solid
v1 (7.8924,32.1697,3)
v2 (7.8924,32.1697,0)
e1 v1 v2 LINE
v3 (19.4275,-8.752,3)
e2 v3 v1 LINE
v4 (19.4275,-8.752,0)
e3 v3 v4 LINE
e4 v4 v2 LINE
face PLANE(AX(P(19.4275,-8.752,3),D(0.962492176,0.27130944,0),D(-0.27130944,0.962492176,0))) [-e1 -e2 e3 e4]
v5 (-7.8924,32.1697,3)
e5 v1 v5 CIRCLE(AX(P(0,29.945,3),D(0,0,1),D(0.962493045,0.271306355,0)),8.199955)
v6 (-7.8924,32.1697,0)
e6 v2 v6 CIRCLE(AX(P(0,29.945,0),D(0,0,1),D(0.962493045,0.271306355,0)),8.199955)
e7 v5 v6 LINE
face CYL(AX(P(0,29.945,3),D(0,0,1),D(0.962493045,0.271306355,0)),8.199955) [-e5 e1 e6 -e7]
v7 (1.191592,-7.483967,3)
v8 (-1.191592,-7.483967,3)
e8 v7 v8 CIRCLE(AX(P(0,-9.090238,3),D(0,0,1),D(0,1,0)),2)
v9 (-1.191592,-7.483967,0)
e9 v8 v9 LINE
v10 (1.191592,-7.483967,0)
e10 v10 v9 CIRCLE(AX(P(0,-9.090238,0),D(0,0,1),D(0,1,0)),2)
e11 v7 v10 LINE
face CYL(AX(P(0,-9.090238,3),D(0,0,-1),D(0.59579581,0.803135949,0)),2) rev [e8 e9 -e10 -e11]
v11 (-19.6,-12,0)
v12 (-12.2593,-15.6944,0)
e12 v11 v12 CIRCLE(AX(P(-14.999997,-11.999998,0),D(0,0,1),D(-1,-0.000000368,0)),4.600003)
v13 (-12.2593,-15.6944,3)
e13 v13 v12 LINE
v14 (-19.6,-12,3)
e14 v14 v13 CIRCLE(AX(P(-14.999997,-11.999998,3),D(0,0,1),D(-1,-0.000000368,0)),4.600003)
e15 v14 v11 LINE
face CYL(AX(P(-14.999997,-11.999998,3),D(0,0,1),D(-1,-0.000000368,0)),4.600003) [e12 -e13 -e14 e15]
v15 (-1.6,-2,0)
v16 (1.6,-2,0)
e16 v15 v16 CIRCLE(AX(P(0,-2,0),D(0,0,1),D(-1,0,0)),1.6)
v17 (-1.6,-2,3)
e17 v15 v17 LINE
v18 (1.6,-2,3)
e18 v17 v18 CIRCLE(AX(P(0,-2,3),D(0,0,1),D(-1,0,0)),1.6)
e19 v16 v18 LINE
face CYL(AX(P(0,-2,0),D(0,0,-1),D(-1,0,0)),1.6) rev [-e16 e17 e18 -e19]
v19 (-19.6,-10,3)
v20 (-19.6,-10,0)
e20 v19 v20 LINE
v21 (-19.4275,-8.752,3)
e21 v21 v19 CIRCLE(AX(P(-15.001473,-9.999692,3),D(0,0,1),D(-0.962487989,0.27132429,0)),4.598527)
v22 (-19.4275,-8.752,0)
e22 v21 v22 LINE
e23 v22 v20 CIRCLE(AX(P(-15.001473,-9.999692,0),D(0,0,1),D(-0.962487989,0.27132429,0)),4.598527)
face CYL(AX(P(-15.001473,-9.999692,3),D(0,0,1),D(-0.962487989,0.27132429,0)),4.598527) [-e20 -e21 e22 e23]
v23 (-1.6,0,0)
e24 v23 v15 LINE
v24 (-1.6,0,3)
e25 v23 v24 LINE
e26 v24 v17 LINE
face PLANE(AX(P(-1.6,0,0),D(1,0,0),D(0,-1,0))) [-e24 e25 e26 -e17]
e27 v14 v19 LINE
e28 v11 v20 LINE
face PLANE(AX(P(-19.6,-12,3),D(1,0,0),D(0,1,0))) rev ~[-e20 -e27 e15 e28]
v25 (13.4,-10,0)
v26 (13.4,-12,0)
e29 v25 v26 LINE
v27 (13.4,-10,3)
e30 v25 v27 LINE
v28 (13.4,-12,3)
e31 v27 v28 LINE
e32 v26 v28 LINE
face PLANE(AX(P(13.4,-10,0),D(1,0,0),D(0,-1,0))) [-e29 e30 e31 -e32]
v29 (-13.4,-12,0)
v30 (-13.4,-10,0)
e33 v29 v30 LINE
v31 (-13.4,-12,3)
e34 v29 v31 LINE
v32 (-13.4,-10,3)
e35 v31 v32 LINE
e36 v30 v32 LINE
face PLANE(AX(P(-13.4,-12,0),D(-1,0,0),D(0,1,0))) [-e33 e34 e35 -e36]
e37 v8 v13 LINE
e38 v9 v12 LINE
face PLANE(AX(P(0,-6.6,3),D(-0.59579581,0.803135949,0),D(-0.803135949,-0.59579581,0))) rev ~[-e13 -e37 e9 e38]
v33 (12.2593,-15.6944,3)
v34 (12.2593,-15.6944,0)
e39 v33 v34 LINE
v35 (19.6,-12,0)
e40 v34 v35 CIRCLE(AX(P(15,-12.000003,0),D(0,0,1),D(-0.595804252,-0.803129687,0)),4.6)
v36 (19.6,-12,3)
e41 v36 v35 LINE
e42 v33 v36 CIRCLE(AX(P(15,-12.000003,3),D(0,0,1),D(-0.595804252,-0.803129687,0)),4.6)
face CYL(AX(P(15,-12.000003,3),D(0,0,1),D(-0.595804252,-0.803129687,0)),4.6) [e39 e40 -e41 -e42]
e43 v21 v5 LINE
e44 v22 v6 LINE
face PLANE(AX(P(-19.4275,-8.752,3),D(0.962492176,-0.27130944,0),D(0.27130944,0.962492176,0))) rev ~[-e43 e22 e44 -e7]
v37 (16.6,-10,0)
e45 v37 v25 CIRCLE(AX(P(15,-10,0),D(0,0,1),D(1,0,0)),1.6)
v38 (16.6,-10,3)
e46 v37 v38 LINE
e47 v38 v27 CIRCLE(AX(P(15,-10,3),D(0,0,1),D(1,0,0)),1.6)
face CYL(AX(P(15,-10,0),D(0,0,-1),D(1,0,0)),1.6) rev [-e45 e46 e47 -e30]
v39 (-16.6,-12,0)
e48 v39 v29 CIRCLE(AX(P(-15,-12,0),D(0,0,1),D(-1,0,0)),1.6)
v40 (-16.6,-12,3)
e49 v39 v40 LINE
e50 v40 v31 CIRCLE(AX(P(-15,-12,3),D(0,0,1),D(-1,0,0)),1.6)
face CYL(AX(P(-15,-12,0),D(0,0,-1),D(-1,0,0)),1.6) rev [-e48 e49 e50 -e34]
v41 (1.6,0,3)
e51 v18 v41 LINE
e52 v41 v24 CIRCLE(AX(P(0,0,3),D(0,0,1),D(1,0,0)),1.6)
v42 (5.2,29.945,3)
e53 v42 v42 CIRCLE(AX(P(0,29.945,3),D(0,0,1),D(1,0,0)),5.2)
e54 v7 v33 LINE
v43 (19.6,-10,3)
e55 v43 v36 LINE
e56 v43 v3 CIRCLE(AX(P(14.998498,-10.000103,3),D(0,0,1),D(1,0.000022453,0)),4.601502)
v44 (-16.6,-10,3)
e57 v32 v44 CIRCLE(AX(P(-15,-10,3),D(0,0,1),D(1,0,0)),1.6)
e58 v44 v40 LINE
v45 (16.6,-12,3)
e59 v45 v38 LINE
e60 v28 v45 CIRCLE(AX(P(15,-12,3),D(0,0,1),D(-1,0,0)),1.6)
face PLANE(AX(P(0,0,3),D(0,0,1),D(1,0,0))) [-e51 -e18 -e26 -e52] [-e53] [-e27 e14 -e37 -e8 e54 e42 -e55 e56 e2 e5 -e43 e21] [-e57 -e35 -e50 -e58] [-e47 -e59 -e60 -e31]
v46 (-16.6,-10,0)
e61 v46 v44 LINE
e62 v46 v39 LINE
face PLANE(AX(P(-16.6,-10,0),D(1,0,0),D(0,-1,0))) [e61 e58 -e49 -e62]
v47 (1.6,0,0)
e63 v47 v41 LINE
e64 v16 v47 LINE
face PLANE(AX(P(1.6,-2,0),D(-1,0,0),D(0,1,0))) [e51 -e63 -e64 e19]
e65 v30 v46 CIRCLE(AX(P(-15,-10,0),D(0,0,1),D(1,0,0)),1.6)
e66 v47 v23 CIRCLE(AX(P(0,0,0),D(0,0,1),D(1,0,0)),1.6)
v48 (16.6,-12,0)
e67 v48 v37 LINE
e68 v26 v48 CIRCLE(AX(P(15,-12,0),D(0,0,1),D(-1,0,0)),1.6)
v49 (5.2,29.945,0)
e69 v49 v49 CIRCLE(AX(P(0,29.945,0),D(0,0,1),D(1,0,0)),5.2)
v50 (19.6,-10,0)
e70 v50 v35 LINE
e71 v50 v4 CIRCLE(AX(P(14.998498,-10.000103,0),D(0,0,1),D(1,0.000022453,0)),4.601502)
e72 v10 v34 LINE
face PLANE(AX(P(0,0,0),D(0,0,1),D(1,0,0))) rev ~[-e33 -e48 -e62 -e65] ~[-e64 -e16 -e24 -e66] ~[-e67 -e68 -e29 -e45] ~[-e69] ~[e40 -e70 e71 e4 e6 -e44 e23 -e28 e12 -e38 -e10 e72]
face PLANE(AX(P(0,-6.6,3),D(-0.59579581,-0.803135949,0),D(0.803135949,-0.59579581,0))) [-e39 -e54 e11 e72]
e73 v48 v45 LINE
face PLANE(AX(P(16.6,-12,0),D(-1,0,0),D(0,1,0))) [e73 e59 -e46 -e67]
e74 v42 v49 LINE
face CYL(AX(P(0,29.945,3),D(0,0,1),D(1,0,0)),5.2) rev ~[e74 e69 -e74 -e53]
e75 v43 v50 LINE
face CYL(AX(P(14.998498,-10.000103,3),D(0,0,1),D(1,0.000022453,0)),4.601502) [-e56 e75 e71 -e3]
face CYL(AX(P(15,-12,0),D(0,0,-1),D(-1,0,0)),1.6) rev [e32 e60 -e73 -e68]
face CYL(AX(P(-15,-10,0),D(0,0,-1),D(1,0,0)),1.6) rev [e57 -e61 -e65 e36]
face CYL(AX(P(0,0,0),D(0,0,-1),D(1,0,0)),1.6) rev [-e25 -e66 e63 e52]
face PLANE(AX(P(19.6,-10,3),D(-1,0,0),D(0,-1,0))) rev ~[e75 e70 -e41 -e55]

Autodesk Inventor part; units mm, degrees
ref_plane "YZ Plane" through (0, 0, 0) normal (1, 0, 0) x (0, 1, 0)
ref_plane "XZ Plane" through (0, 0, 0) normal (0, 1, 0) x (-1, 0, 0)
ref_plane "XY Plane" through (0, 0, 0) normal (0, 0, 1) x (1, 0, 0)
sketch "スケッチ1" plane through (0, 0, 0) normal (0, 0, 1) x (1, 0, 0)
  line L0 (0, 0) -> (0, -2) construction
  line L1 (-1.6, 0) -> (-1.6, -2)
  line L2 (1.6, -2) -> (1.6, 0)
  arc A0 (1.6, 0) -> (-1.6, 0) centre (0, 0) ccw
  arc A1 (-1.6, -2) -> (1.6, -2) centre (0, -2) ccw
  line L3 (-30, -50) -> (30, -50)
  line L4 (30, -50) -> (30, 50)
  line L5 (30, 50) -> (-30, 50)
  line L6 (-30, 50) -> (-30, -50)
  line L7 (-30, -50) -> (30, 50) construction
  line L8 (30, -50) -> (-30, 50) construction
  line L9 (15, -10) -> (-15, -10) construction
  line L10 (15, -10) -> (15, -12) construction
  line L11 (13.4, -10) -> (13.4, -12)
  line L12 (16.6, -12) -> (16.6, -10)
  arc A2 (16.6, -10) -> (13.4, -10) centre (15, -10) ccw
  arc A3 (13.4, -12) -> (16.6, -12) centre (15, -12) ccw
  line L13 (-15, -10) -> (-15, -12) construction
  line L14 (-16.6, -10) -> (-16.6, -12)
  line L15 (-13.4, -12) -> (-13.4, -10)
  arc A4 (-13.4, -10) -> (-16.6, -10) centre (-15, -10) ccw
  arc A5 (-16.6, -12) -> (-13.4, -12) centre (-15, -12) ccw
  point P0 (0, -1)
  point P1 (15, -11)
  point P2 (-15, -11)
  point P3 (0, -10)
  dimension "d0" = 3.2
  dimension "d1" = 60
  dimension "d2" = 100
  dimension "d5" = 30
  dimension "d6" = 10
  dimension "d7" = 2
extrude "押し出し1" add sketch "スケッチ1" along normal blind 3
sketch "スケッチ2" plane through (0, 0, 3) normal (0, 0, 1) x (1, 0, 0)
  arc A0 (-54.5211, 63.5419) -> (156.6328, 279.3729) centre (32.0275, 190.0735) ccw projected
  circle A1 centre (0, 29.945) radius 10 construction
  circle A2 centre (0, 29.945) radius 5.2
  arc A3 (-13.4, -10) -> (-16.6, -10) centre (-15, -10) ccw projected
  line L0 (-13.4, -10) -> (-13.4, -12) projected
  arc A4 (-16.6, -12) -> (-13.4, -12) centre (-15, -12) ccw projected
  line L1 (-16.6, -12) -> (-16.6, -10) projected
  arc A5 (16.6, -10) -> (13.4, -10) centre (15, -10) ccw projected
  line L2 (16.6, -10) -> (16.6, -12) projected
  arc A6 (13.4, -12) -> (16.6, -12) centre (15, -12) ccw projected
  line L3 (13.4, -12) -> (13.4, -10) projected
  arc A7 (1.6, 0) -> (-1.6, 0) centre (0, 0) ccw projected
  line L4 (1.6, 0) -> (1.6, -2) projected
  arc A8 (-1.6, -2) -> (1.6, -2) centre (0, -2) ccw projected
  line L5 (-1.6, -2) -> (-1.6, 0) projected
  line L6 (-30, -50) -> (30, -50) projected
  line L7 (30, -50) -> (30, 50) projected
  line L8 (30, 50) -> (-30, 50) projected
  line L9 (-30, 50) -> (-30, -50) projected
  arc A9 (19.6, -10) -> (19.4275, -8.752) centre (15, -10) ccw
  line L10 (19.6, -10) -> (19.6, -12)
  arc A10 (12.2593, -15.6944) -> (19.6, -12) centre (15, -12) ccw
  line L11 (10.4, -12) -> (10.4, -10)
  line L12 (4.6, -2) -> (4.6, 0)
  arc A11 (4.6, 0) -> (-4.6, 0) centre (0, 0) ccw
  line L13 (-4.6, 0) -> (-4.6, -2)
  arc A12 (-4.6, -2) -> (4.6, -2) centre (0, -2) ccw
  arc A13 (-19.4275, -8.752) -> (-19.6, -10) centre (-15, -10) ccw
  line L14 (-10.4, -10) -> (-10.4, -12)
  arc A14 (-19.6, -12) -> (-12.2593, -15.6944) centre (-15, -12) ccw
  line L15 (-19.6, -12) -> (-19.6, -10)
  arc A15 (7.8924, 32.1697) -> (-7.8924, 32.1697) centre (0, 29.945) ccw
  line L16 (19.4275, -8.752) -> (7.8924, 32.1697)
  line L17 (-19.4275, -8.752) -> (-7.8924, 32.1697)
  line L18 (0, -6.6) -> (12.2593, -15.6944)
  line L19 (0, -6.6) -> (-12.2593, -15.6944)
  dimension "d8" = 20
  dimension "d9" = 10.4
  dimension "d10" = 3
  dimension "d11" = 3
  dimension "d12" = 3
  dimension "d13" = 3
extrude "押し出し2" cut sketch "スケッチ2" against normal blind 3 contours A12 L13 A11 L12 | L10 A10 L18 L19 A14 L15 A13 L17 A15 L16 A9 keep common part
fillet "フィレット1" radius 2 1 edges at (0, -6.6, 1.5)
properties part number "POT2BASE"
